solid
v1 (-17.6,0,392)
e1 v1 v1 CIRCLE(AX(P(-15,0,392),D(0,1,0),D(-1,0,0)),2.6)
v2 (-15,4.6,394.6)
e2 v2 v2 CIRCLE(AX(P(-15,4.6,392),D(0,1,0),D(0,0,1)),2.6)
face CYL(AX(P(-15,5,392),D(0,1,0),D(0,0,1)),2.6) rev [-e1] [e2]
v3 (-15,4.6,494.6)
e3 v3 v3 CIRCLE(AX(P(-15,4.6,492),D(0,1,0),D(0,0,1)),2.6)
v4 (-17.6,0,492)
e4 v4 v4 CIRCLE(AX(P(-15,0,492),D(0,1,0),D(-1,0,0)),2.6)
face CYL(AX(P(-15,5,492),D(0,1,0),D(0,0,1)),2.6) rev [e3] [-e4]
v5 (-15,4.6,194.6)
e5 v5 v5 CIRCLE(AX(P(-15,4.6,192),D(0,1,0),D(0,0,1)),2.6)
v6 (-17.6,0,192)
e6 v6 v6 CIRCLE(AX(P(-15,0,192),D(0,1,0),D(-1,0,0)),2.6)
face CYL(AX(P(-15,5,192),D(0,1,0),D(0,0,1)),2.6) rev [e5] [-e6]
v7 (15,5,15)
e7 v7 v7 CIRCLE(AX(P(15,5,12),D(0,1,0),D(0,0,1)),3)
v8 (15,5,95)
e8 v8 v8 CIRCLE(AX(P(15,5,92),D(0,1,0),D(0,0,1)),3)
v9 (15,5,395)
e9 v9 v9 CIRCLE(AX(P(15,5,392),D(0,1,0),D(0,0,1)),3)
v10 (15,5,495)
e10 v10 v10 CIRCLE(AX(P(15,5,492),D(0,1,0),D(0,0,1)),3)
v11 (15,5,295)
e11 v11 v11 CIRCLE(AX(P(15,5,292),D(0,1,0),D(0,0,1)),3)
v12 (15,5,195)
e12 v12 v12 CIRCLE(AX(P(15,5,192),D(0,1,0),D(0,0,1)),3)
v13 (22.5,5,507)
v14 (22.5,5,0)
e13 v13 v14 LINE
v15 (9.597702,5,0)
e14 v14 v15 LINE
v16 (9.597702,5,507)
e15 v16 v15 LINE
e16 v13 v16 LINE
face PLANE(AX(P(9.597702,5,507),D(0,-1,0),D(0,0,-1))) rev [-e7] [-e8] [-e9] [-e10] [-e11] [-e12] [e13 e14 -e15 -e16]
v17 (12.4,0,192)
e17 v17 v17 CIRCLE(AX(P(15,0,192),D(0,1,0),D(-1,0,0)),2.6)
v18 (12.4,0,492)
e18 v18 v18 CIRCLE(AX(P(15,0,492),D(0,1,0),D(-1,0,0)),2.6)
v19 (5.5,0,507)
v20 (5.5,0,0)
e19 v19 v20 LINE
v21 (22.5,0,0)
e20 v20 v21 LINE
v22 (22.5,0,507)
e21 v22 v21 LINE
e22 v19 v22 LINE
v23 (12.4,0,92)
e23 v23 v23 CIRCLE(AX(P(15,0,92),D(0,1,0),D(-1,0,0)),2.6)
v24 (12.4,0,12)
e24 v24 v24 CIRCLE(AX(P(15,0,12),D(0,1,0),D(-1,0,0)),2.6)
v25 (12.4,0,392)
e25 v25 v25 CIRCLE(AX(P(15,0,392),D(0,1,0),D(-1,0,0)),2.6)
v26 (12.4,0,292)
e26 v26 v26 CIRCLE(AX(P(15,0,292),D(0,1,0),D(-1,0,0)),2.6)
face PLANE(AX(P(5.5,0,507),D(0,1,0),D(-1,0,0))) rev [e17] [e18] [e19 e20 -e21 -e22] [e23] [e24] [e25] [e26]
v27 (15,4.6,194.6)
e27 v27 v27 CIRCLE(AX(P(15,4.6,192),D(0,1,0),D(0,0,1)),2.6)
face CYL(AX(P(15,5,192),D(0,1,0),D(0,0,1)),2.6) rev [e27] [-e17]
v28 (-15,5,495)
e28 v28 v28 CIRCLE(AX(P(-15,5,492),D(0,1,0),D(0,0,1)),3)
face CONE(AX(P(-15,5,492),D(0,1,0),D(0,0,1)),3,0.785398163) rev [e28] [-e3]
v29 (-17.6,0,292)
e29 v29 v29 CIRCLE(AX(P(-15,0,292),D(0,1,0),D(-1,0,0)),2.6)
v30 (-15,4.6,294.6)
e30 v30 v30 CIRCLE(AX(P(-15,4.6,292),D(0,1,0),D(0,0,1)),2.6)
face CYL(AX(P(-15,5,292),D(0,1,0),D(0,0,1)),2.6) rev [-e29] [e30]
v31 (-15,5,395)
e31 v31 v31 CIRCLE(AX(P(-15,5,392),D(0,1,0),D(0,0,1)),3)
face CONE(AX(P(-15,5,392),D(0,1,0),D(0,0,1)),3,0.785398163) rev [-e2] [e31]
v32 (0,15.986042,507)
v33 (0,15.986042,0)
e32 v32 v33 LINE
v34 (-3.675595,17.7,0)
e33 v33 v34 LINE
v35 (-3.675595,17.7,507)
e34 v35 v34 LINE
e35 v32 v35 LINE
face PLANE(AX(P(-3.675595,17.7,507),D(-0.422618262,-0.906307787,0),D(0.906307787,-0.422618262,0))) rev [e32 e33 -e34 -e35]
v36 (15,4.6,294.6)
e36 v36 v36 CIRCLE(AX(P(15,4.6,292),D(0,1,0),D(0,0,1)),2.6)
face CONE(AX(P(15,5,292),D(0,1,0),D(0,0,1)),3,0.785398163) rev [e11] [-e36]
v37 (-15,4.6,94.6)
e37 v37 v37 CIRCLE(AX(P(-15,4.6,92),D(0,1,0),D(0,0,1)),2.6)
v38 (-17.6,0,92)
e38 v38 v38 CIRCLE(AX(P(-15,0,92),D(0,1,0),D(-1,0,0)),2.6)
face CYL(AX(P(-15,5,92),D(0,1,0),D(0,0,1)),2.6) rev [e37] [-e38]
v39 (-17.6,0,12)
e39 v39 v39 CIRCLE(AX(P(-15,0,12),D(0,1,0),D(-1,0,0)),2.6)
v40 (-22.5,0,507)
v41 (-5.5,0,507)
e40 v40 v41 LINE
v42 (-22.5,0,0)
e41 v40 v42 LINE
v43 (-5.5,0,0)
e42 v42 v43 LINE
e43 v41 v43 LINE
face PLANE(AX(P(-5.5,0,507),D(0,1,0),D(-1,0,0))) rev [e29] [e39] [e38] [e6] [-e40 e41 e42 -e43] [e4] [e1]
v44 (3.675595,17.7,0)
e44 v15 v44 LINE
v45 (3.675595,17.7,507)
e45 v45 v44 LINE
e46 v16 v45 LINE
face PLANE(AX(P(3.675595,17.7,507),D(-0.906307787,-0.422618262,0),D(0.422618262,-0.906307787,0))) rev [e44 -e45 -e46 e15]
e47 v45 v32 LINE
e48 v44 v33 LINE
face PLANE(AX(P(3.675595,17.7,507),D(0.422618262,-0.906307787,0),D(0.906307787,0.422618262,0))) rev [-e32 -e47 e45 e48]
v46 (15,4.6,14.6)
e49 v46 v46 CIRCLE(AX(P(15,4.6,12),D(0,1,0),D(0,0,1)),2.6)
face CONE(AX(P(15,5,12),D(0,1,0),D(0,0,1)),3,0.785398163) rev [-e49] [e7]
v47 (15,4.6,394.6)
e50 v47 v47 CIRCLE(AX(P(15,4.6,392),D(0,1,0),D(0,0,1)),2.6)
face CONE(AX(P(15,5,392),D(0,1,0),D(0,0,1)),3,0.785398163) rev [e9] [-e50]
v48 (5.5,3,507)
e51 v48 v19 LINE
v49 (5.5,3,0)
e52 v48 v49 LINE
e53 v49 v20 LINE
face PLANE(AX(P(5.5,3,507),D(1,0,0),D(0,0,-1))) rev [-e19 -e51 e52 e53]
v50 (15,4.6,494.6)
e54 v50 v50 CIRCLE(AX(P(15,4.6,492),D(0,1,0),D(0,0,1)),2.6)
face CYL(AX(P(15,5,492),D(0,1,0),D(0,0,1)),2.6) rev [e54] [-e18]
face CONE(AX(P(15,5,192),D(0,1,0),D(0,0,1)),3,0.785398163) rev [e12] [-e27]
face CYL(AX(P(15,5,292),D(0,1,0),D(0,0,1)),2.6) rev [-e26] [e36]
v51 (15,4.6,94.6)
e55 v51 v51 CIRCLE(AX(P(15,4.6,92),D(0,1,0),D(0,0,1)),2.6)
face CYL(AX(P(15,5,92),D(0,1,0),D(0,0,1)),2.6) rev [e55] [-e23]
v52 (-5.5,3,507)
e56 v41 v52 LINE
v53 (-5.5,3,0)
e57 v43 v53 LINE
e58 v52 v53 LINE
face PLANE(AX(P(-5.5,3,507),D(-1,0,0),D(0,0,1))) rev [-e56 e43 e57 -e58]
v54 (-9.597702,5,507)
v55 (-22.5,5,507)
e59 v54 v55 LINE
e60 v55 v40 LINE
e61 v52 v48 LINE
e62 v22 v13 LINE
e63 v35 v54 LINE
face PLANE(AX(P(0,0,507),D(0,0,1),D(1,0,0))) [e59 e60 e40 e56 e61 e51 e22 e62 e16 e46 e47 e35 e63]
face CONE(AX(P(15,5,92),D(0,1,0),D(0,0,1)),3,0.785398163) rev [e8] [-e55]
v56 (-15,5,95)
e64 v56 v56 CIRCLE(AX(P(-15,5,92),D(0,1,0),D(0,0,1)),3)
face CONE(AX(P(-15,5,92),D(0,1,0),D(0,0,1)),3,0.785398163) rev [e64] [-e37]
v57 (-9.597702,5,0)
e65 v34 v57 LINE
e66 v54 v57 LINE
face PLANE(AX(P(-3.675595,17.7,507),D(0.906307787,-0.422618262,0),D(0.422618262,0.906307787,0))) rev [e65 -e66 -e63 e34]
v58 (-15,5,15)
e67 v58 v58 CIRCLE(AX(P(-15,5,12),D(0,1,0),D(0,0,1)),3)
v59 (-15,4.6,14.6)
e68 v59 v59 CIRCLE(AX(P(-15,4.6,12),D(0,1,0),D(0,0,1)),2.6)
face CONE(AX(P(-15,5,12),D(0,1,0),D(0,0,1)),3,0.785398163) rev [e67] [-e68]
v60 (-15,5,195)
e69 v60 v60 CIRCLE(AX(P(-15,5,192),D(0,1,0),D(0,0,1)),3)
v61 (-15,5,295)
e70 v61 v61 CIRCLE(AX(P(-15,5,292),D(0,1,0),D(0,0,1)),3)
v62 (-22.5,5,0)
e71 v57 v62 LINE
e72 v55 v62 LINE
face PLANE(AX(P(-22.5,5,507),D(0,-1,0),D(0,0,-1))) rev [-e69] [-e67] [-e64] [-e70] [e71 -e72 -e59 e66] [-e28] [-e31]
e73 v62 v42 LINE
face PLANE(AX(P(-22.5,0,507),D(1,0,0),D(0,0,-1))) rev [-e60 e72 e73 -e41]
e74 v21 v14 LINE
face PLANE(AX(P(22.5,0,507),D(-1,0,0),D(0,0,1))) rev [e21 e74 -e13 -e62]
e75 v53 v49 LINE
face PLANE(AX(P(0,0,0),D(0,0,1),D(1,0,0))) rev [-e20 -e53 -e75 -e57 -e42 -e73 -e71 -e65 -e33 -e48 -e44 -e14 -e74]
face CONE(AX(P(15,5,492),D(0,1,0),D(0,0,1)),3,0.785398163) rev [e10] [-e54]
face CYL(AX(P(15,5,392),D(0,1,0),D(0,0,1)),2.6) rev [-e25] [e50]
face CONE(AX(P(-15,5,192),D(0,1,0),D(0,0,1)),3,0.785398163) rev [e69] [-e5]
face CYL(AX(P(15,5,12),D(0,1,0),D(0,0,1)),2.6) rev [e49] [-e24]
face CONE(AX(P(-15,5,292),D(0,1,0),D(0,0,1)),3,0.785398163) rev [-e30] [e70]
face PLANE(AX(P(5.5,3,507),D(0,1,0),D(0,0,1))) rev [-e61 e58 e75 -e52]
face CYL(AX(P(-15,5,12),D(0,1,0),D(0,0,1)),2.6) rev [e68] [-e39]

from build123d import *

# Parameters (mm, degrees)
BOSS_EXTRUDE1_DEPTH               = 507
TAP_DRILL_FOR_M5_TAP1_D           = 5.2
TAP_DRILL_FOR_M5_TAP1_DEPTH       = 46
TAP_DRILL_FOR_M5_TAP1_CSINK_D     = 6
TAP_DRILL_FOR_M5_TAP1_CSINK_ANGLE = 90
TAP_DRILL_FOR_M5_TAP1_TIP         = 1.562237609


with BuildPart() as part:
    # Sketch1 → Boss-Extrude1 (new body)
    with BuildSketch(Plane.XY):
        Polygon((5.5, 3), (-5.5, 3), (-5.5, 0), (-22.5, 0), (-22.5, 5), (-9.597702448, 5), (-3.67559519, 17.7), (0, 15.986041815), (3.67559519, 17.7), (9.597702448, 5), (22.5, 5), (22.5, 0), (5.5, 0), align=None)
    extrude(amount=BOSS_EXTRUDE1_DEPTH)

    # Tap Drill for M5 Tap1
    with Locations(Plane(origin=(-15, 5, 12), x_dir=(0, 0, 1), z_dir=(0, 1, 0))):
        with Locations((0, 0), (0, 30), (80, 0), (80, 30), (180, 0), (180, 30), (280, 0), (280, 30), (380, 0), (380, 30), (480, 0), (480, 30)):
            CounterSinkHole(TAP_DRILL_FOR_M5_TAP1_D / 2, TAP_DRILL_FOR_M5_TAP1_CSINK_D / 2, depth=TAP_DRILL_FOR_M5_TAP1_DEPTH, counter_sink_angle=TAP_DRILL_FOR_M5_TAP1_CSINK_ANGLE)
            with Locations((0, 0, -(TAP_DRILL_FOR_M5_TAP1_DEPTH + TAP_DRILL_FOR_M5_TAP1_TIP / 2))):  # 118° drill point
                Cone(0, TAP_DRILL_FOR_M5_TAP1_D / 2, TAP_DRILL_FOR_M5_TAP1_TIP, mode=Mode.SUBTRACT)


solid = part.part
